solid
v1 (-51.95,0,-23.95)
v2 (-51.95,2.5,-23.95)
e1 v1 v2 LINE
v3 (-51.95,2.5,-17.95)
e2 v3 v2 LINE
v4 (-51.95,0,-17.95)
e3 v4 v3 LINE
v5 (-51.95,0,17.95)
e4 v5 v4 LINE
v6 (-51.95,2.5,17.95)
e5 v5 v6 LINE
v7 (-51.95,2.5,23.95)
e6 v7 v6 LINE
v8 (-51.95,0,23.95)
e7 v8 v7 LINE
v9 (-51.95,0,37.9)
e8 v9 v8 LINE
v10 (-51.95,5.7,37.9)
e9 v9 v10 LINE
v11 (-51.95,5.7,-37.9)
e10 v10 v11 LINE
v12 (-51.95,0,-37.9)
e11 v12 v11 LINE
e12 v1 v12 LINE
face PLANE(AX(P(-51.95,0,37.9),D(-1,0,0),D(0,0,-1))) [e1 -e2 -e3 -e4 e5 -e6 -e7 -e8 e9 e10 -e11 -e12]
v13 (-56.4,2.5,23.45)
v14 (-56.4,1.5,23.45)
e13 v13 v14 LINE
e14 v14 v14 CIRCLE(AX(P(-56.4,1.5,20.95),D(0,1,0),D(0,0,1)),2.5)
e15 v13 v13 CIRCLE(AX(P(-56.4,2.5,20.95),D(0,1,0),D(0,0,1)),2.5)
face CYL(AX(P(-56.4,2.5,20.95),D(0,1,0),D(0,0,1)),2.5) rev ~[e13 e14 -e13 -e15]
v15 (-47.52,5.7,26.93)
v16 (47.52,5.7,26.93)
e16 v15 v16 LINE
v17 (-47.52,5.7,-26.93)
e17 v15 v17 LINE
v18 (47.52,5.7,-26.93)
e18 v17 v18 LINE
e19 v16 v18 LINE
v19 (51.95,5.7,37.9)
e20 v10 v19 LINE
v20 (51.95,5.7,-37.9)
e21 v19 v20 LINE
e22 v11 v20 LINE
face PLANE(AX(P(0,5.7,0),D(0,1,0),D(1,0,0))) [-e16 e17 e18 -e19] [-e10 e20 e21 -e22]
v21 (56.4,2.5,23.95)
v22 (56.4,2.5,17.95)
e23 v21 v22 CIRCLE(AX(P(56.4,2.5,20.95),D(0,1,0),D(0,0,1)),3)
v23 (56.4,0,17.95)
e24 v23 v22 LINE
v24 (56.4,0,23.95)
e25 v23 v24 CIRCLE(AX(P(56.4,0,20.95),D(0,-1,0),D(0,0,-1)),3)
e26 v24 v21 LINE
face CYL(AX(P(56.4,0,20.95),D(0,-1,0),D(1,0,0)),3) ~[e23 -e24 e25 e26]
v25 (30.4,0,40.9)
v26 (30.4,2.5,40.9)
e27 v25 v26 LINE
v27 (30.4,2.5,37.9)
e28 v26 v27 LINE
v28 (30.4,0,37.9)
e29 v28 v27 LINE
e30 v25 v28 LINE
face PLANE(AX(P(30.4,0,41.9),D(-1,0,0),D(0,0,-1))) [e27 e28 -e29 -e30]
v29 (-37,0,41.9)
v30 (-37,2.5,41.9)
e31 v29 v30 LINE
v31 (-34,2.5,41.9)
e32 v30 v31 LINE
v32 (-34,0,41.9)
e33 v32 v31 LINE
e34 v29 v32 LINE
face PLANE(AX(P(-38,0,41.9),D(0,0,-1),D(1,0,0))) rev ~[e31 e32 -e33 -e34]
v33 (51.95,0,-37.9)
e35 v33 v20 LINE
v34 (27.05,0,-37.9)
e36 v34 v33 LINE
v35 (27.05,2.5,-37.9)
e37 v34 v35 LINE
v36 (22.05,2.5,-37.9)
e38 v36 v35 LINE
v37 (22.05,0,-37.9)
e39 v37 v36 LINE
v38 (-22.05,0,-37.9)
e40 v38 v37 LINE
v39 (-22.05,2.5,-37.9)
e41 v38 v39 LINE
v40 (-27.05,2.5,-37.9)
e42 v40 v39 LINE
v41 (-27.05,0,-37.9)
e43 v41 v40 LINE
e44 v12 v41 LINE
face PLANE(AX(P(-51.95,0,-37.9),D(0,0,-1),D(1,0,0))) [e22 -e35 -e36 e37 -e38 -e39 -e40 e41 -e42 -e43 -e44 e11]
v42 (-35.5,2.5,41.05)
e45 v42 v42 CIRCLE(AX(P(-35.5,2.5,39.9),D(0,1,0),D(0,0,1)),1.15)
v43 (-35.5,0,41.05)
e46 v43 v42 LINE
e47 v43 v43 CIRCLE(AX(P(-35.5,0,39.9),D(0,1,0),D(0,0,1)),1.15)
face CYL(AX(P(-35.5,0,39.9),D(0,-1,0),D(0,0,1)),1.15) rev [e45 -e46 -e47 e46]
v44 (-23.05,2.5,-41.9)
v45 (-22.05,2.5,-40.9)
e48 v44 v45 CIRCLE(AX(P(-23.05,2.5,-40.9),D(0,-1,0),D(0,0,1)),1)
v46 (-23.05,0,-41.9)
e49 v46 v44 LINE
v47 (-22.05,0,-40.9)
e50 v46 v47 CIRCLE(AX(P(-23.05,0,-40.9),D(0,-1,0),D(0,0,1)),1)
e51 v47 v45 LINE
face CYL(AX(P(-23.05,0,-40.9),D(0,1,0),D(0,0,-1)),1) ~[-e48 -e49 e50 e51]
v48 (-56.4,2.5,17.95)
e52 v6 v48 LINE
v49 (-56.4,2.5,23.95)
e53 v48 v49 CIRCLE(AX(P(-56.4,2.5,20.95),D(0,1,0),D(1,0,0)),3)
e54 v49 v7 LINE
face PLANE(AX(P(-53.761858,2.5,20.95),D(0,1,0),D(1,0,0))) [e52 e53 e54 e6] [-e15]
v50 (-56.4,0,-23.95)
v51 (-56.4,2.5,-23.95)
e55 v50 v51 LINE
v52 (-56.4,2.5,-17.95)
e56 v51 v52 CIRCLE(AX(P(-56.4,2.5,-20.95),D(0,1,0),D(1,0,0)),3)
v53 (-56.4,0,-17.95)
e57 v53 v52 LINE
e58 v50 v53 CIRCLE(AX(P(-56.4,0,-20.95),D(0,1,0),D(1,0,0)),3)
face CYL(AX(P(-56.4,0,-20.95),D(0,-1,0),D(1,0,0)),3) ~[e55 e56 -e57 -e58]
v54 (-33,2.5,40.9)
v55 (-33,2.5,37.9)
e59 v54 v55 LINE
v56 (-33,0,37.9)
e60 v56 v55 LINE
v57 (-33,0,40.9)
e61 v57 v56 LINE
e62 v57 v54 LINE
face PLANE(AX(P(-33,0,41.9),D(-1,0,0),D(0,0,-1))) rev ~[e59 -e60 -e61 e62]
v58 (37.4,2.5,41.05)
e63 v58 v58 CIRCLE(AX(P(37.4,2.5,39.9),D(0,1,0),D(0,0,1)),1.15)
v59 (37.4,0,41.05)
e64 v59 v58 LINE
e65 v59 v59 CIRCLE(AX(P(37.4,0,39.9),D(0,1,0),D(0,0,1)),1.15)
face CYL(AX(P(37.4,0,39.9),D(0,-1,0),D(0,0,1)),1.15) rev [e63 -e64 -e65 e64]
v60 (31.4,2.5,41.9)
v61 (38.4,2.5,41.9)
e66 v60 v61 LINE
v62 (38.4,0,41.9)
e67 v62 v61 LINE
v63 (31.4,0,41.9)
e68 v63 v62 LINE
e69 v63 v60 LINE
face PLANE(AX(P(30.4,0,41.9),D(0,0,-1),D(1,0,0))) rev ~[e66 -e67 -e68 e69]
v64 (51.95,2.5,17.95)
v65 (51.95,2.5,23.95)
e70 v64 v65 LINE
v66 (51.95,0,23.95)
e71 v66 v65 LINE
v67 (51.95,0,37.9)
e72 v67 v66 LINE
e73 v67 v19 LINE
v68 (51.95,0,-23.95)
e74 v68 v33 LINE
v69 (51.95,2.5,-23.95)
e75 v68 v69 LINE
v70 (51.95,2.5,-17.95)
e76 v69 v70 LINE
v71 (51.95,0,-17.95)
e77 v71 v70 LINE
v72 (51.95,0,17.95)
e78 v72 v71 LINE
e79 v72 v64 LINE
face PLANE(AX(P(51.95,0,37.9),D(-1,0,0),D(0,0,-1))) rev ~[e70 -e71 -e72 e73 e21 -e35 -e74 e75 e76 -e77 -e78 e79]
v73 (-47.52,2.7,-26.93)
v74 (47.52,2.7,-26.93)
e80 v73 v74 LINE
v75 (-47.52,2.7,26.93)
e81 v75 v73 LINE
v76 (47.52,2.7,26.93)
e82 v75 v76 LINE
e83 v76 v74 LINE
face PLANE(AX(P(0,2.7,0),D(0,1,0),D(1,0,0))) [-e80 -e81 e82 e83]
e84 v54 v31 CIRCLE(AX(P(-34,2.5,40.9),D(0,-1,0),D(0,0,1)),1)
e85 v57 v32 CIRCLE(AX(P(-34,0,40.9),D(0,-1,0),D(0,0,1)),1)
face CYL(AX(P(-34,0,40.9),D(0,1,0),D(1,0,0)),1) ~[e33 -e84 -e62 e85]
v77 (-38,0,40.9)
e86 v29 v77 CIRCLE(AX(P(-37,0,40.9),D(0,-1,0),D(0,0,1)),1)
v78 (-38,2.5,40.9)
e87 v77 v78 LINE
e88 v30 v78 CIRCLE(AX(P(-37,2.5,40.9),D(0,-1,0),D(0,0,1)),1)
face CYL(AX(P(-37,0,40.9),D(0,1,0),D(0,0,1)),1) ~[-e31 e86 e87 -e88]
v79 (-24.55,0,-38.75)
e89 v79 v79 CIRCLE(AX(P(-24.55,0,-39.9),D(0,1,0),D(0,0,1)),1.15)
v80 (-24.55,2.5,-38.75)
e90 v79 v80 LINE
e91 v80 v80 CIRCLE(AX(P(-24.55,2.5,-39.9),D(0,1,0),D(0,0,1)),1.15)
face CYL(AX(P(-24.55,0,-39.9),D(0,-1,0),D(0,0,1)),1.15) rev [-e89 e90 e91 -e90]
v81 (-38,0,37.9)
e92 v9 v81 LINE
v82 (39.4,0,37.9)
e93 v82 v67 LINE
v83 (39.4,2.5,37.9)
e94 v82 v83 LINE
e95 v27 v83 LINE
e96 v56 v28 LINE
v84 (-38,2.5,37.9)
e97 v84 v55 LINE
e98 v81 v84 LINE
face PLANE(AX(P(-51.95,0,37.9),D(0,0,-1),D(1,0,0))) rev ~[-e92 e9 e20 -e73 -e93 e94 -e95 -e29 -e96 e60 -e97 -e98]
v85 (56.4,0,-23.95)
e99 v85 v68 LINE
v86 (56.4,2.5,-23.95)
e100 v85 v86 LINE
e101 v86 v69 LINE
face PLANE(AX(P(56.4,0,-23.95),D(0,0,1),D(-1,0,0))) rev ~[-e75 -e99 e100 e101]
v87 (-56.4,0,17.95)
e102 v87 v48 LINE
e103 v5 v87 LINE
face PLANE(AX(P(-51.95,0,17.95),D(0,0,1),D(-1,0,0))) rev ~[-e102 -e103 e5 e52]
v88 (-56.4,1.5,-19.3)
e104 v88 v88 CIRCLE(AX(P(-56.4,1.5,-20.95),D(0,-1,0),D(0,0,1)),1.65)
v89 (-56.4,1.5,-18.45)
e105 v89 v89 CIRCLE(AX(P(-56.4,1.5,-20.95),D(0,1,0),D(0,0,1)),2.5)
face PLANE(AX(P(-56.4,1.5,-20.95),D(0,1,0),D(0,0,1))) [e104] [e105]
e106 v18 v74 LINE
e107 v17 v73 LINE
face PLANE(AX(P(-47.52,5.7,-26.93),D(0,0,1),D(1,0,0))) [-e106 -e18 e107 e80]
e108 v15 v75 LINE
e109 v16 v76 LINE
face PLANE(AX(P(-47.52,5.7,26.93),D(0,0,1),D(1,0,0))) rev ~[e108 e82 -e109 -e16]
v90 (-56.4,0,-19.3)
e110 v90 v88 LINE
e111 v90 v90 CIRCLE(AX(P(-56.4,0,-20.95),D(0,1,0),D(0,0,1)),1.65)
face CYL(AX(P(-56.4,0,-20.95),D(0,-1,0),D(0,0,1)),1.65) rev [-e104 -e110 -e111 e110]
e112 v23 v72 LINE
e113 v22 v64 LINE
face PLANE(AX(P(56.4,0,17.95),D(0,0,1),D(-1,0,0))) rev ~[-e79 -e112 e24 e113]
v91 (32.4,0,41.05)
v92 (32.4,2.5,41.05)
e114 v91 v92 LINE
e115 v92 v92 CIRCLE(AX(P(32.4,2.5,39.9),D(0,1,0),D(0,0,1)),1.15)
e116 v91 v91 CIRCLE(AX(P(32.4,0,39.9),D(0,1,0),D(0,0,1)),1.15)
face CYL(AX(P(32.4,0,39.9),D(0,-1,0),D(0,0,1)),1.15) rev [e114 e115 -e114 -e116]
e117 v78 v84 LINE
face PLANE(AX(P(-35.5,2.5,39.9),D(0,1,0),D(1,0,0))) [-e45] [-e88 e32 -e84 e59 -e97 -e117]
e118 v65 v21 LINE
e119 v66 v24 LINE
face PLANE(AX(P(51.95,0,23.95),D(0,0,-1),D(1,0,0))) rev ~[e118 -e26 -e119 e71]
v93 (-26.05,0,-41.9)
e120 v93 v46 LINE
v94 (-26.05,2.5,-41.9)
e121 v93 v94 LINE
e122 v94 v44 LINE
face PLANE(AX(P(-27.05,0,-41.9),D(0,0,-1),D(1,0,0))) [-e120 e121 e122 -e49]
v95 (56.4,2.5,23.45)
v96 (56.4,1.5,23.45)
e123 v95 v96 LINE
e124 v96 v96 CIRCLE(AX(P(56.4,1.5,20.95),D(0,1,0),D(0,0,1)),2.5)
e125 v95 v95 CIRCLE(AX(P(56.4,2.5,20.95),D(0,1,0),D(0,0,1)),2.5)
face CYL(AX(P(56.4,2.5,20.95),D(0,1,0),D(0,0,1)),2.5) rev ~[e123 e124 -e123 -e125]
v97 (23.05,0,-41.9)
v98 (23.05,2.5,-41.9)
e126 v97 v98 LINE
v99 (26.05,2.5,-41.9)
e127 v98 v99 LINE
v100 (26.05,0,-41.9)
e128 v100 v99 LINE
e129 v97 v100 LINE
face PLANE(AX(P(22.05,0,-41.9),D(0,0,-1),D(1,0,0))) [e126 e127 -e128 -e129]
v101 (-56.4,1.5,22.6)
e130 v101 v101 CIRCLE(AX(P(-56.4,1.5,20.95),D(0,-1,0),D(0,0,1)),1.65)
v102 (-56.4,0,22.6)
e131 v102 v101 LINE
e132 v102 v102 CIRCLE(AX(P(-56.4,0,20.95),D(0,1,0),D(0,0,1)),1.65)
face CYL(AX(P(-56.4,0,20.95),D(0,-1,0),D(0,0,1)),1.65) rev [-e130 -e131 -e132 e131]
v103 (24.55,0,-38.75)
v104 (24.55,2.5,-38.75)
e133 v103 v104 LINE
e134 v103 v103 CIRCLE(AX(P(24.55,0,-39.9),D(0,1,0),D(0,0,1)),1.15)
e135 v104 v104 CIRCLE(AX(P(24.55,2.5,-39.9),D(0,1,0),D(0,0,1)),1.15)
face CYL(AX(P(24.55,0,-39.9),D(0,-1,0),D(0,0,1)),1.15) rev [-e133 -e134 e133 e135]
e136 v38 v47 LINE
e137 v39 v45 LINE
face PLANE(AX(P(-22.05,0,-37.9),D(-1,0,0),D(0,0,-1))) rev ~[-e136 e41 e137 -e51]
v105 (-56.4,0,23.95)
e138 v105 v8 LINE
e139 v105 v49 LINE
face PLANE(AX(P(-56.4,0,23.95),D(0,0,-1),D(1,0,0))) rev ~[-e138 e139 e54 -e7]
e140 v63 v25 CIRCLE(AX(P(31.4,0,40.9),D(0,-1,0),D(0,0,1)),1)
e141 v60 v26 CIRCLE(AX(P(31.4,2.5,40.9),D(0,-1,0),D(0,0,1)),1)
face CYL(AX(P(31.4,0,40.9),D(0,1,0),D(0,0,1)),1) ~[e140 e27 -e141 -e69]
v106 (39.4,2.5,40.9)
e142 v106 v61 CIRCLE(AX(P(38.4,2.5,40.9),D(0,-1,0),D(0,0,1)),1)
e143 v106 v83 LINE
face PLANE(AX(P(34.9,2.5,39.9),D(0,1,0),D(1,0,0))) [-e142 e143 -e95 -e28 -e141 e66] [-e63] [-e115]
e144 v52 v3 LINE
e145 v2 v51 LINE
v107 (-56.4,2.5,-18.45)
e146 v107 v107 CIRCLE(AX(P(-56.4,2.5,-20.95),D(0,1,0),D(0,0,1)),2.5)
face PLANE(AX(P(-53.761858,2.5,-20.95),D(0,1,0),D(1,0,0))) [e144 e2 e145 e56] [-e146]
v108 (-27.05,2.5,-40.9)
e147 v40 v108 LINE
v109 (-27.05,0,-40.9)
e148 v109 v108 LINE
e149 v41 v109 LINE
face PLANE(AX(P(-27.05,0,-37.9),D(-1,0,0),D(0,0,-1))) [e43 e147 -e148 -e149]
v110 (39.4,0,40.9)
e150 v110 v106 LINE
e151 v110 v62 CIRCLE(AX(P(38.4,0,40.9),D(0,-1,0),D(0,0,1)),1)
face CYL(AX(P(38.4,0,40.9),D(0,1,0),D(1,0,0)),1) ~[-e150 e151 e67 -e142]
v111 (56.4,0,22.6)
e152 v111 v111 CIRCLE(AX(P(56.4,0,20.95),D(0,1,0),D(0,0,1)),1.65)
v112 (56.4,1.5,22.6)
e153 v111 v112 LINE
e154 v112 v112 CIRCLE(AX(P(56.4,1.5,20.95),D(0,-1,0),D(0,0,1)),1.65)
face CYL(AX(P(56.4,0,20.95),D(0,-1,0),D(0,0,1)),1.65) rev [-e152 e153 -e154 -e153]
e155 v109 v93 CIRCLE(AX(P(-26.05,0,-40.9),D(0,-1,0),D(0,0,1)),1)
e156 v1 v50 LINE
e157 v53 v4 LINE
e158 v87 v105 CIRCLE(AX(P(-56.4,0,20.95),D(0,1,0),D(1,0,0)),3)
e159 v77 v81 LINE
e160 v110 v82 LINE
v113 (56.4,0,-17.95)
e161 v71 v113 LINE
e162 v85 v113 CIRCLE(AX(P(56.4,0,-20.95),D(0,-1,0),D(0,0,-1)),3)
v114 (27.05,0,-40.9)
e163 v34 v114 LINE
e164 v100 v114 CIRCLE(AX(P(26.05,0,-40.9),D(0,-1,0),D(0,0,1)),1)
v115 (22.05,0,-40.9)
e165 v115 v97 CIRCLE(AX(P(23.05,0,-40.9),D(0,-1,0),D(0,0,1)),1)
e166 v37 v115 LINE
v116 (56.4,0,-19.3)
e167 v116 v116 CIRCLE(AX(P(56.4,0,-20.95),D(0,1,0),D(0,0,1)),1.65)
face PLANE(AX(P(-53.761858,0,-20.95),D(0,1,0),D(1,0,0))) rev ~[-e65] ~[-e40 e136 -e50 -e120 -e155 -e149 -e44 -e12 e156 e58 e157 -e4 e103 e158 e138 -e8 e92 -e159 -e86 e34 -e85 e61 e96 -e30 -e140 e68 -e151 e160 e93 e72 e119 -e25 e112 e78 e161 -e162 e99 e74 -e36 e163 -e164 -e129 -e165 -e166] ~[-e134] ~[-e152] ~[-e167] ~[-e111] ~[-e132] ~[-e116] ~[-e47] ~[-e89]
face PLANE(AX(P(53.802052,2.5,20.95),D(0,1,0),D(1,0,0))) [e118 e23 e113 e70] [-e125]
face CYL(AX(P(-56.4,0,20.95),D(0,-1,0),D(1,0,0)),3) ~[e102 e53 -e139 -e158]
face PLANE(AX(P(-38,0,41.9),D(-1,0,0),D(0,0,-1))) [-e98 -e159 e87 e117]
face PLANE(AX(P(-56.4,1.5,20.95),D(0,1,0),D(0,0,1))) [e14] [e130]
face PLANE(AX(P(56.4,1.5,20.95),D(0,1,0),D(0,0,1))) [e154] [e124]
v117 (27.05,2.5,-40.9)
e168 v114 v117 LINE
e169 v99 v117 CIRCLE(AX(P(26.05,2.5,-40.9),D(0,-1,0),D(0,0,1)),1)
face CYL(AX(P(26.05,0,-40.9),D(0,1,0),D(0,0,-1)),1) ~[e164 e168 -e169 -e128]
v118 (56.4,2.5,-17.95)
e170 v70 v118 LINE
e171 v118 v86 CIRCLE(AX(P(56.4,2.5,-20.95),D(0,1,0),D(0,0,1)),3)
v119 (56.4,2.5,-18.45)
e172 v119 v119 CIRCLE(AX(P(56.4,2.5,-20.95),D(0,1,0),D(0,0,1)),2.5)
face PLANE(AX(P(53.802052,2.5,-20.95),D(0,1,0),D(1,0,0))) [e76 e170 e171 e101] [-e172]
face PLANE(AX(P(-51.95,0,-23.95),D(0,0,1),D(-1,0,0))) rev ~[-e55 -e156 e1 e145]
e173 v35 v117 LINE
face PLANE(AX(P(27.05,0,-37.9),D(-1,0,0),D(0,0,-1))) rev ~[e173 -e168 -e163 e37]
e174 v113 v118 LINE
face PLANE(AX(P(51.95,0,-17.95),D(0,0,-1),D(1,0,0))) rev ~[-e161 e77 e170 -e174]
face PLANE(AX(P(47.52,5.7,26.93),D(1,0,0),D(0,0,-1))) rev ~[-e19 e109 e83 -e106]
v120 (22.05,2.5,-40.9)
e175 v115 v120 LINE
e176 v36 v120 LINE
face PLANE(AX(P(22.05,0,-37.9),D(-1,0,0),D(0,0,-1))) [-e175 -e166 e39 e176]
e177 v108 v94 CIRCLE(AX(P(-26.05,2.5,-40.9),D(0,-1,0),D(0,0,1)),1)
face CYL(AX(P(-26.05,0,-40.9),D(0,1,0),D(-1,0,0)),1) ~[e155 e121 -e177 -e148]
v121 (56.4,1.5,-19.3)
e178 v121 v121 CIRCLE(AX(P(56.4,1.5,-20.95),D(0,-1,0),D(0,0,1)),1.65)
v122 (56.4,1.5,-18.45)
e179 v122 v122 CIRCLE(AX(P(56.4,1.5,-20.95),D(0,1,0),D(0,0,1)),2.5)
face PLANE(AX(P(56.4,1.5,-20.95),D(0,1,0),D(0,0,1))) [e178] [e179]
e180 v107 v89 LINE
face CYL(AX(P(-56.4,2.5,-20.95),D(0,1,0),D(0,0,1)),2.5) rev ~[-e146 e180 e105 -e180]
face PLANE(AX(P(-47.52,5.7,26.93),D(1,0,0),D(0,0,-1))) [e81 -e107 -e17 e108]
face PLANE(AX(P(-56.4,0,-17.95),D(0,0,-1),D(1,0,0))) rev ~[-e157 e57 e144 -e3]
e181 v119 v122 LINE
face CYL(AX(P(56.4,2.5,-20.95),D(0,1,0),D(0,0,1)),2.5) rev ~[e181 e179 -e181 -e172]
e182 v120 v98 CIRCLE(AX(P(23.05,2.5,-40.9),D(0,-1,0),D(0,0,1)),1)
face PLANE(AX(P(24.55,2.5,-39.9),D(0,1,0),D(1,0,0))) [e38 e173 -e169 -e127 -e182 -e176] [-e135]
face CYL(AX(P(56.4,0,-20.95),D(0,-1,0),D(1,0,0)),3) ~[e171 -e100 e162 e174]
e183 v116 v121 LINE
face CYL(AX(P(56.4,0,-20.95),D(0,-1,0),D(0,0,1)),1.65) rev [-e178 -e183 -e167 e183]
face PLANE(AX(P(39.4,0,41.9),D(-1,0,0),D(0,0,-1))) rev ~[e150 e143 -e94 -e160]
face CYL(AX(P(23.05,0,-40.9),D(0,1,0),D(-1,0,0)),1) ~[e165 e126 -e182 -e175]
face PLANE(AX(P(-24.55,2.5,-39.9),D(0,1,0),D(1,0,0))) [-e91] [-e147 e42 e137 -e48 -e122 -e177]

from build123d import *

# Parameters (mm, degrees)
SKETCH_1_W          = 103.9
SKETCH_1_H          = 75.8
EXTRUDE_1_DEPTH     = 5.7
SKETCH_2_R          = 3
SKETCH_2_R_2        = 1.65
SKETCH_2_W          = 5
SKETCH_2_H          = 4
SKETCH_2_R_3        = 1.15
SKETCH_2_W_2        = 9
EXTRUDE_2_DEPTH     = 2.5
FILLET_1_R          = 1
SKETCH_3_R          = 2.5
CUT_EXTRUDE_1_DEPTH = 1
SKETCH_4_W          = 95.04
SKETCH_4_H          = 53.86
CUT_EXTRUDE_2_DEPTH = 3


with BuildPart() as part:
    # 草图1 → 凸台-拉伸1 (new body)
    with BuildSketch(Plane(origin=(0, 0, 0), x_dir=(1, 0, 0), z_dir=(0, 1, 0))):
        Rectangle(SKETCH_1_W, SKETCH_1_H)
    extrude(amount=EXTRUDE_1_DEPTH)

    # 草图2 → 凸台-拉伸2 (add)
    # profile 1 of 12: a face of its own
    with BuildSketch(Plane(origin=(0, 0, 0), x_dir=(1, 0, 0), z_dir=(0, 1, 0))):
        with BuildLine():
            ThreePointArc((-53.4, 20.95), (-54.278679656, 18.828679656), (-56.4, 17.95))
            Line((-56.4, 17.95), (-51.95, 17.95))
            Line((-51.95, 17.95), (-51.95, 23.95))
            Line((-51.95, 23.95), (-56.4, 23.95))
            ThreePointArc((-56.4, 23.95), (-54.278679656, 23.071320344), (-53.4, 20.95))
        make_face()
    # profile 2 of 12: a face of its own
    with BuildSketch(Plane(origin=(0, 0, 0), x_dir=(1, 0, 0), z_dir=(0, 1, 0))):
        with Locations((-56.4, 20.95)):
            Circle(SKETCH_2_R)
        with Locations(Location((-56.4, 20.95, 0), (0, 0, 270))):
            Circle(SKETCH_2_R_2, mode=Mode.SUBTRACT)
    # profile 3 of 12: a face of its own
    with BuildSketch(Plane(origin=(0, 0, 0), x_dir=(1, 0, 0), z_dir=(0, 1, 0))):
        with Locations((-24.55, 39.9)):
            Rectangle(SKETCH_2_W, SKETCH_2_H)
        with Locations(Location((-24.55, 39.9, 0), (0, 0, 270))):
            Circle(SKETCH_2_R_3, mode=Mode.SUBTRACT)
    # profile 4 of 12: a face of its own
    with BuildSketch(Plane(origin=(0, 0, 0), x_dir=(1, 0, 0), z_dir=(0, 1, 0))):
        with Locations((24.55, 39.9)):
            Rectangle(SKETCH_2_W, SKETCH_2_H)
        with Locations(Location((24.55, 39.9, 0), (0, 0, 270))):
            Circle(SKETCH_2_R_3, mode=Mode.SUBTRACT)
    # profile 5 of 12: a face of its own
    with BuildSketch(Plane(origin=(0, 0, 0), x_dir=(1, 0, 0), z_dir=(0, 1, 0))):
        with BuildLine():
            Line((51.95, 17.95), (56.4, 17.95))
            ThreePointArc((56.4, 17.95), (53.4, 20.95), (56.4, 23.95))
            Line((56.4, 23.95), (51.95, 23.95))
            Line((51.95, 23.95), (51.95, 17.95))
        make_face()
    # profile 6 of 12: a face of its own
    with BuildSketch(Plane(origin=(0, 0, 0), x_dir=(1, 0, 0), z_dir=(0, 1, 0))):
        with Locations((56.4, 20.95)):
            Circle(SKETCH_2_R)
        with Locations(Location((56.4, 20.95, 0), (0, 0, 270))):
            Circle(SKETCH_2_R_2, mode=Mode.SUBTRACT)
    # profile 7 of 12: a face of its own
    with BuildSketch(Plane(origin=(0, 0, 0), x_dir=(1, 0, 0), z_dir=(0, 1, 0))):
        with Locations((56.4, -20.95)):
            Circle(SKETCH_2_R)
        with Locations(Location((56.4, -20.95, 0), (0, 0, 270))):
            Circle(SKETCH_2_R_2, mode=Mode.SUBTRACT)
    # profile 8 of 12: a face of its own
    with BuildSketch(Plane(origin=(0, 0, 0), x_dir=(1, 0, 0), z_dir=(0, 1, 0))):
        with BuildLine():
            ThreePointArc((56.4, -23.95), (53.4, -20.95), (56.4, -17.95))
            Line((56.4, -17.95), (51.95, -17.95))
            Line((51.95, -17.95), (51.95, -23.95))
            Line((51.95, -23.95), (56.4, -23.95))
        make_face()
    # profile 9 of 12: a face of its own
    with BuildSketch(Plane(origin=(0, 0, 0), x_dir=(1, 0, 0), z_dir=(0, 1, 0))):
        with Locations((34.9, -39.9)):
            Rectangle(SKETCH_2_W_2, SKETCH_2_H)
        with Locations(Location((37.4, -39.9, 0), (0, 0, 270))):
            Circle(SKETCH_2_R_3, mode=Mode.SUBTRACT)
        with Locations(Location((32.4, -39.9, 0), (0, 0, 270))):
            Circle(SKETCH_2_R_3, mode=Mode.SUBTRACT)
    # profile 10 of 12: a face of its own
    with BuildSketch(Plane(origin=(0, 0, 0), x_dir=(1, 0, 0), z_dir=(0, 1, 0))):
        with Locations((-35.5, -39.9)):
            Rectangle(SKETCH_2_W, SKETCH_2_H)
        with Locations(Location((-35.5, -39.9, 0), (0, 0, 270))):
            Circle(SKETCH_2_R_3, mode=Mode.SUBTRACT)
    # profile 11 of 12: a face of its own
    with BuildSketch(Plane(origin=(0, 0, 0), x_dir=(1, 0, 0), z_dir=(0, 1, 0))):
        with Locations((-56.4, -20.95)):
            Circle(SKETCH_2_R)
        with Locations(Location((-56.4, -20.95, 0), (0, 0, 270))):
            Circle(SKETCH_2_R_2, mode=Mode.SUBTRACT)
    # profile 12 of 12: a face of its own
    with BuildSketch(Plane(origin=(0, 0, 0), x_dir=(1, 0, 0), z_dir=(0, 1, 0))):
        with BuildLine():
            ThreePointArc((-53.4, -20.95), (-54.278679656, -23.071320344), (-56.4, -23.95))
            Line((-56.4, -23.95), (-51.95, -23.95))
            Line((-51.95, -23.95), (-51.95, -17.95))
            Line((-51.95, -17.95), (-56.4, -17.95))
            ThreePointArc((-56.4, -17.95), (-54.278679656, -18.828679656), (-53.4, -20.95))
        make_face()
    extrude(amount=EXTRUDE_2_DEPTH)

    # 圆角1
    fillet_1_edges = [part.edges().sort_by_distance(p)[0] for p in [
        (-27.05, 1.25, -41.9),
        (-22.05, 1.25, -41.9),
        (22.05, 1.25, -41.9),
        (27.05, 1.25, -41.9),
        (30.4, 1.25, 41.9),
        (39.4, 1.25, 41.9),
        (-38, 1.25, 41.9),
        (-33, 1.25, 41.9),
    ]]
    fillet(fillet_1_edges, radius=FILLET_1_R)

    # 草图3 → 切除-拉伸1 (cut)
    with BuildSketch(Plane(origin=(0, 2.5, 0), x_dir=(1, 0, 0), z_dir=(0, 1, 0))):
        with Locations(Location((-56.4, -20.95, 0), (0, 0, 270))):
            Circle(SKETCH_3_R)
        with Locations(Location((-56.4, 20.95, 0), (0, 0, 270))):
            Circle(SKETCH_3_R)
        with Locations(Location((56.4, 20.95, 0), (0, 0, 270))):
            Circle(SKETCH_3_R)
        with Locations(Location((56.4, -20.95, 0), (0, 0, 270))):
            Circle(SKETCH_3_R)
    extrude(amount=-CUT_EXTRUDE_1_DEPTH, mode=Mode.SUBTRACT)

    # 草图4 → 切除-拉伸2 (cut)
    with BuildSketch(Plane(origin=(0, 5.7, 0), x_dir=(1, 0, 0), z_dir=(0, 1, 0))):
        Rectangle(SKETCH_4_W, SKETCH_4_H)
    extrude(amount=-CUT_EXTRUDE_2_DEPTH, mode=Mode.SUBTRACT)


solid = part.part
